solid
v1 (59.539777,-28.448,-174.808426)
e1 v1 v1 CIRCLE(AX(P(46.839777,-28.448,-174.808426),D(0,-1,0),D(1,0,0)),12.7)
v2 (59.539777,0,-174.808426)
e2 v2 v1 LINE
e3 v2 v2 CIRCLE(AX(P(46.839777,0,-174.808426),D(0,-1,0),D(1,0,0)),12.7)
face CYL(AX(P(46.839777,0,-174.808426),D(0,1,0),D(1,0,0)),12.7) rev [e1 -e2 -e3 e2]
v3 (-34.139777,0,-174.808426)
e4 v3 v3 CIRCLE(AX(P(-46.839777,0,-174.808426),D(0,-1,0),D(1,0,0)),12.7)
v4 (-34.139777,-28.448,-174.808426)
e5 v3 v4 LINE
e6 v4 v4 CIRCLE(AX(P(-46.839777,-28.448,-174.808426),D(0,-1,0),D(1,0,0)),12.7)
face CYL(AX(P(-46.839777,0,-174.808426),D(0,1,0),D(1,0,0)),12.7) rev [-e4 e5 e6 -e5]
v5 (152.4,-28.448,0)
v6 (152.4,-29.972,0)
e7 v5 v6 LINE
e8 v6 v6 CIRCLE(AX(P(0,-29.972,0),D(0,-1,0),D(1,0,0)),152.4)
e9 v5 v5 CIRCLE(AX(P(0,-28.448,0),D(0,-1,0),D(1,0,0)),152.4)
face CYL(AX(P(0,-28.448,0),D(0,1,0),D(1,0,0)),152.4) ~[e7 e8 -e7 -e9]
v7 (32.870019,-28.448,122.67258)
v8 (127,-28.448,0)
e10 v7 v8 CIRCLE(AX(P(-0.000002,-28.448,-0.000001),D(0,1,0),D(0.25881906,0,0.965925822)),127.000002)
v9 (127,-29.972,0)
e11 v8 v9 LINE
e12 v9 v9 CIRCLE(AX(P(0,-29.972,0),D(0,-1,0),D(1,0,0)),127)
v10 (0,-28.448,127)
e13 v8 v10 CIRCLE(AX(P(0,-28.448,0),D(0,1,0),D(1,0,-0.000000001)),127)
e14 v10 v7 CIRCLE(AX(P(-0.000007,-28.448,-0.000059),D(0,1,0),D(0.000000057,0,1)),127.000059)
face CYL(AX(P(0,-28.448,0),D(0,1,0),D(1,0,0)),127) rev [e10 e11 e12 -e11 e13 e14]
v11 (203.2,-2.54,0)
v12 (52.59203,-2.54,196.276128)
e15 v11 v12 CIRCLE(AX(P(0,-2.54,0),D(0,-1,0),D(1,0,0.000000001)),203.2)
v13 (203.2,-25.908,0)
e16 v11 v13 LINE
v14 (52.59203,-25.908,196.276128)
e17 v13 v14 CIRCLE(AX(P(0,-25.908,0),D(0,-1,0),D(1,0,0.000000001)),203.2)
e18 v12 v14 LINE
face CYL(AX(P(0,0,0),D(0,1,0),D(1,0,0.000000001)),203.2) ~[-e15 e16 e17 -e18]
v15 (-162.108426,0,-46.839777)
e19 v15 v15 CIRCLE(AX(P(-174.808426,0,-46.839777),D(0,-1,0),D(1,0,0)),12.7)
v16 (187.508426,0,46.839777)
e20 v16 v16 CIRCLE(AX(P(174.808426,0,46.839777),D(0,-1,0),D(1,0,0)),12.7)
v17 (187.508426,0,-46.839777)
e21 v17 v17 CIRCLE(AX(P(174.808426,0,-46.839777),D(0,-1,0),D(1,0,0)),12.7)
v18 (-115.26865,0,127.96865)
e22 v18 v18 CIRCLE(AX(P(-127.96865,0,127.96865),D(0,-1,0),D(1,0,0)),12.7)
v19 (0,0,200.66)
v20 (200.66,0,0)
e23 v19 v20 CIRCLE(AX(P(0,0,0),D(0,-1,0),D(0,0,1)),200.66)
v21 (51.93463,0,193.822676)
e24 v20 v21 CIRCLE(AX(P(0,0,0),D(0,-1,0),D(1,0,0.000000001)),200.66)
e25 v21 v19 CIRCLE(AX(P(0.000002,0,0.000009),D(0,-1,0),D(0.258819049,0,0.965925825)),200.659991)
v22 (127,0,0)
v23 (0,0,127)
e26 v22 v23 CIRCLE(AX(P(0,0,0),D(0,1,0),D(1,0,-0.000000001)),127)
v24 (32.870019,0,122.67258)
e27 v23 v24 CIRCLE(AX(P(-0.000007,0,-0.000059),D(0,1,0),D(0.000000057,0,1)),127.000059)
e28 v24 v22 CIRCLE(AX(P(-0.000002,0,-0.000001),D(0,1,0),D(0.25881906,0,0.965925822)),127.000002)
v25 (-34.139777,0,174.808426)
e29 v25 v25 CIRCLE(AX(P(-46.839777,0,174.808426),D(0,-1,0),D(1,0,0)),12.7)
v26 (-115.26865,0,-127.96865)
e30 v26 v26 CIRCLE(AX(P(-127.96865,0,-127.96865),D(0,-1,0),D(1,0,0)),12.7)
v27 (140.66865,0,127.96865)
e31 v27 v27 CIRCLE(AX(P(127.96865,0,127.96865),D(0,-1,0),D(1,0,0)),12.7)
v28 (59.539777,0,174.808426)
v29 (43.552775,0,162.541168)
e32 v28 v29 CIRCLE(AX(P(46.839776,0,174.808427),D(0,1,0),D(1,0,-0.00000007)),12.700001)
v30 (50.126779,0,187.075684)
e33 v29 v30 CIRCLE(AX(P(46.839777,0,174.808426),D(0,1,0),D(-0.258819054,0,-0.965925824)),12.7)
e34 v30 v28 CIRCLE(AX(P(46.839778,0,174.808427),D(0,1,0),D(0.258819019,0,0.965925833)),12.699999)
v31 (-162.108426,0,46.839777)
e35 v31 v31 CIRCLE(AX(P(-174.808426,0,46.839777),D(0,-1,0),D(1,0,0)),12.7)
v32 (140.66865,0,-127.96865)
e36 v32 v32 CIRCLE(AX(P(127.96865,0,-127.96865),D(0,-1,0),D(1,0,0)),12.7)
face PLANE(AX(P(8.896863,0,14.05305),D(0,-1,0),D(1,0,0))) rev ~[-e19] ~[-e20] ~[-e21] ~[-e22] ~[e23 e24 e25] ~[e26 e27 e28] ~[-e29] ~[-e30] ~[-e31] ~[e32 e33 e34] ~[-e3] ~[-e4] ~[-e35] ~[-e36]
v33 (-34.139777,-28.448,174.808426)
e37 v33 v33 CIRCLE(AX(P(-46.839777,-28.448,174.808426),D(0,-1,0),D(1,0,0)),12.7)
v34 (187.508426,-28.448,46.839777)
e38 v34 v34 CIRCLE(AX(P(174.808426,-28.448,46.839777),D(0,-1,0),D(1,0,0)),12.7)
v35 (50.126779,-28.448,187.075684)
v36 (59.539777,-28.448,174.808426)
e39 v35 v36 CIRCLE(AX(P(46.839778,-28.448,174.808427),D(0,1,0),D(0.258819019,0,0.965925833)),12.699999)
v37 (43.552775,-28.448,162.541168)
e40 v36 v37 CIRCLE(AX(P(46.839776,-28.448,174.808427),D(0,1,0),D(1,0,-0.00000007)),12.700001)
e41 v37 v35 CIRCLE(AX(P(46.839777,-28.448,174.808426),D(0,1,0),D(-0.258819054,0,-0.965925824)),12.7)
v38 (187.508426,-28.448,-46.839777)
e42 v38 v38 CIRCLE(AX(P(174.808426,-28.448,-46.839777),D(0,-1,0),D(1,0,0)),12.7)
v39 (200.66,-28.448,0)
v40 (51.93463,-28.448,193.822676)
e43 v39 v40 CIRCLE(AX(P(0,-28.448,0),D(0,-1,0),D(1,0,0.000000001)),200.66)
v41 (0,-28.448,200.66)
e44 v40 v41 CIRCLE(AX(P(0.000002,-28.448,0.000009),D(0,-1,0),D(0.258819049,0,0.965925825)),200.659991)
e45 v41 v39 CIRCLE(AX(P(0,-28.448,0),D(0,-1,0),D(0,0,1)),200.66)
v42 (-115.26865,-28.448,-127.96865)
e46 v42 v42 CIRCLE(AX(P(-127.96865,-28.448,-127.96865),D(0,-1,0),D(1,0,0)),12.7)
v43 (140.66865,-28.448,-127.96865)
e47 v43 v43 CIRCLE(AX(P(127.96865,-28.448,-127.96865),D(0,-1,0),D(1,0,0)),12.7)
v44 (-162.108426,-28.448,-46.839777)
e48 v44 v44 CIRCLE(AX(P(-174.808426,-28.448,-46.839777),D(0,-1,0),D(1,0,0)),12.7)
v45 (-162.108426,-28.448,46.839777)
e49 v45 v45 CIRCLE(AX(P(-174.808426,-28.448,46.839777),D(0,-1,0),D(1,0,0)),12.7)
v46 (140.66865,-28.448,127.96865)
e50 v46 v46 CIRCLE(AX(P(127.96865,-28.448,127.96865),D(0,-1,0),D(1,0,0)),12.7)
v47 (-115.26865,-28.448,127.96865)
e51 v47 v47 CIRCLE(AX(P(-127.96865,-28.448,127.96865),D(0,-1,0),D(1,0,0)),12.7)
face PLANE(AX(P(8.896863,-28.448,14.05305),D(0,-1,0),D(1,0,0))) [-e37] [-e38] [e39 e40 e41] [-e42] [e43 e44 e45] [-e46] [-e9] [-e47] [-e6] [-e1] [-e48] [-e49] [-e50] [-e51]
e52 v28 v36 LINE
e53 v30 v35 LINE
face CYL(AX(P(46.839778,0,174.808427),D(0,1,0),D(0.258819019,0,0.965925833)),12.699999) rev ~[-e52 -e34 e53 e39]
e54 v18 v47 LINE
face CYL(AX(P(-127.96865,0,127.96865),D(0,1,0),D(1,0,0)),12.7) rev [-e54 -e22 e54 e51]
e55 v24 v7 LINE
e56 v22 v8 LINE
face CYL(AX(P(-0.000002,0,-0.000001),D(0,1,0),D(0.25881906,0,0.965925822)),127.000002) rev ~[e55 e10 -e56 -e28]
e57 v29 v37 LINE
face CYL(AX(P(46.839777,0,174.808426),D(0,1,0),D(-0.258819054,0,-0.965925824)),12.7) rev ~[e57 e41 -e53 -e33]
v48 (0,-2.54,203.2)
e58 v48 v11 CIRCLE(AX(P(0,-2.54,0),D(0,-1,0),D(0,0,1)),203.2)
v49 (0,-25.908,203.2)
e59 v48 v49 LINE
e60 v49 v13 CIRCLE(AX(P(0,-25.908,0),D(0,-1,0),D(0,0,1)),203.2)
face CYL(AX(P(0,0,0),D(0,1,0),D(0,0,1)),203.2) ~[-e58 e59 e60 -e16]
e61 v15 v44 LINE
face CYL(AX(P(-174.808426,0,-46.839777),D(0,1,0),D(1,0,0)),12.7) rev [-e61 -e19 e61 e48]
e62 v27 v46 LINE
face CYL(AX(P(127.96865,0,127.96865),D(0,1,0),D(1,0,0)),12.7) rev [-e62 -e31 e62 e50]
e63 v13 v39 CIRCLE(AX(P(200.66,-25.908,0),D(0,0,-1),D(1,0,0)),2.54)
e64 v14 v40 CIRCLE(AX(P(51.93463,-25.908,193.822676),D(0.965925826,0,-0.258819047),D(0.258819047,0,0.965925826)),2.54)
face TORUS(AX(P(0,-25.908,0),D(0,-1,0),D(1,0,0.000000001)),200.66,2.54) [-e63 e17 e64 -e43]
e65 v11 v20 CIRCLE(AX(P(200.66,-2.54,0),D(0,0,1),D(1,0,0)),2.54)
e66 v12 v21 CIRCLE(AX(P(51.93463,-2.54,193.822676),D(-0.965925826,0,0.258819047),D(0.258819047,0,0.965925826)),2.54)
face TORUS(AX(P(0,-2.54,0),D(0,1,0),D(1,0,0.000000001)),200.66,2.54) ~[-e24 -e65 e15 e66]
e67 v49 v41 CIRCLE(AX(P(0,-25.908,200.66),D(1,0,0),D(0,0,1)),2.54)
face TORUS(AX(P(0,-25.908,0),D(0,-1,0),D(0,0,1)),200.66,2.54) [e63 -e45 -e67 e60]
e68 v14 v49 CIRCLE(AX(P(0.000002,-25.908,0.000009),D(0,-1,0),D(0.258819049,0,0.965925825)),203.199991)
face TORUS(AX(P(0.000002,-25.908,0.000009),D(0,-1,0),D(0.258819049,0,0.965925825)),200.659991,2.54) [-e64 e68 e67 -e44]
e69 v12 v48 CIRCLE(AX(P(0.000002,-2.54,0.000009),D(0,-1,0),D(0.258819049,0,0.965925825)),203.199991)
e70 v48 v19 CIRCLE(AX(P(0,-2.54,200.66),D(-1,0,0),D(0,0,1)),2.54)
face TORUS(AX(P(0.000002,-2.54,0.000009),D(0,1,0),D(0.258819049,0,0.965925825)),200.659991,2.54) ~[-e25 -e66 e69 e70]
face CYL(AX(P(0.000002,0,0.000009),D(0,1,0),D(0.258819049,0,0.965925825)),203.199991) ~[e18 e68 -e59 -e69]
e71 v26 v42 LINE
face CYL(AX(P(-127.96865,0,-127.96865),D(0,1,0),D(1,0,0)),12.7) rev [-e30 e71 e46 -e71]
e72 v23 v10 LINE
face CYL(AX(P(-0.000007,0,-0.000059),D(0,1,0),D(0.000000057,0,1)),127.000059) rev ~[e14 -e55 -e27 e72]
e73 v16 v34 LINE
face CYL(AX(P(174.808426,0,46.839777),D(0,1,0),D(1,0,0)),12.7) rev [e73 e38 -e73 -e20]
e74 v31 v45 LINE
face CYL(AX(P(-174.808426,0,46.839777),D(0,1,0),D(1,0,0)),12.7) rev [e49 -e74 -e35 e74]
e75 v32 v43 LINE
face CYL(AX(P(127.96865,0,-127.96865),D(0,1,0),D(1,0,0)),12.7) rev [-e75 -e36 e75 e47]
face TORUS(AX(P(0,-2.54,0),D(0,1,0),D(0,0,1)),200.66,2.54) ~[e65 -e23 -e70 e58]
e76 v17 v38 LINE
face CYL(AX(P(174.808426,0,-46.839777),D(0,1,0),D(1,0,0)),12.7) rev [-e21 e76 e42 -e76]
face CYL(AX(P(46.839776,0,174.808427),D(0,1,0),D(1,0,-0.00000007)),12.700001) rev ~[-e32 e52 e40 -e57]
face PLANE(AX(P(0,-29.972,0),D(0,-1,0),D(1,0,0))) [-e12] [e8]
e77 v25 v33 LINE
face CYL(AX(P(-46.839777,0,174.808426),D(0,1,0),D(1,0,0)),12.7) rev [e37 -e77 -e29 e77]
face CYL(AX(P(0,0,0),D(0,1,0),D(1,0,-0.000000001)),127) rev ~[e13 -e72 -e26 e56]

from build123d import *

# Parameters (mm, degrees)
F0_R     = 12.7
F1_DEPTH = 28.448
F2_R     = 2.54
F3_R     = 152.4
F3_R_2   = 127
F4_DEPTH = 1.524


with BuildPart() as f1:
    # F0 (on Front) → F1 (new body)
    with BuildSketch(Plane.XZ):
        with BuildLine():
            ThreePointArc((0, 203.2), (-143.684098, -143.684098), (203.2, 0))
            ThreePointArc((203.2, 0), (161.209399, 123.700322), (52.59203, 196.276128))
            Line((52.59203, 196.276128), (50.126779, 187.075684))
            ThreePointArc((50.126779, 187.075684), (56.915364, 182.539697), (59.539777, 174.808426))
            ThreePointArc((59.539777, 174.808426), (54.571047, 164.732839), (43.552775, 162.541168))
            Line((43.552775, 162.541168), (32.870019, 122.67258))
            ThreePointArc((32.870019, 122.67258), (100.755874, 77.312701), (127, 0))
            ThreePointArc((127, 0), (-89.802561, -89.802561), (0, 127))
            Line((0, 127), (0, 203.2))
        make_face()
        with Locations((-127.96865, -127.96865)):
            Circle(F0_R, mode=Mode.SUBTRACT)
        with Locations((-46.839777, -174.808426)):
            Circle(F0_R, mode=Mode.SUBTRACT)
        with Locations((-174.808426, -46.839777)):
            Circle(F0_R, mode=Mode.SUBTRACT)
        with Locations((46.839777, -174.808426)):
            Circle(F0_R, mode=Mode.SUBTRACT)
        with Locations((127.96865, -127.96865)):
            Circle(F0_R, mode=Mode.SUBTRACT)
        with Locations((174.808426, -46.839777)):
            Circle(F0_R, mode=Mode.SUBTRACT)
        with Locations((-174.808426, 46.839777)):
            Circle(F0_R, mode=Mode.SUBTRACT)
        with Locations((-127.96865, 127.96865)):
            Circle(F0_R, mode=Mode.SUBTRACT)
        with Locations((-46.839777, 174.808426)):
            Circle(F0_R, mode=Mode.SUBTRACT)
        with Locations((174.808426, 46.839777)):
            Circle(F0_R, mode=Mode.SUBTRACT)
        with Locations((127.96865, 127.96865)):
            Circle(F0_R, mode=Mode.SUBTRACT)
        with BuildLine():
            Line((50.126779, 187.075684), (52.59203, 196.276128))
            ThreePointArc((52.59203, 196.276128), (26.522922, 201.461596), (0, 203.2))
            Line((0, 203.2), (0, 127))
            ThreePointArc((0, 127), (16.576826, 125.913497), (32.870019, 122.67258))
            Line((32.870019, 122.67258), (43.552775, 162.541168))
            ThreePointArc((43.552775, 162.541168), (34.572519, 178.095428), (50.126779, 187.075684))
        make_face()
    extrude(amount=F1_DEPTH)

    # F2
    f2_edges = [f1.edges().sort_by_distance(p)[0] for p in [
        (-203.2, -28.448, 0),
        (-203.2, 0, 0),
    ]]
    fillet(f2_edges, radius=F2_R)

    # F3 (on face) → F4 (join)
    with BuildSketch(Plane.XZ.offset(28.448)):
        Circle(F3_R)
        Circle(F3_R_2, mode=Mode.SUBTRACT)
    extrude(amount=F4_DEPTH)


solid = f1.part
